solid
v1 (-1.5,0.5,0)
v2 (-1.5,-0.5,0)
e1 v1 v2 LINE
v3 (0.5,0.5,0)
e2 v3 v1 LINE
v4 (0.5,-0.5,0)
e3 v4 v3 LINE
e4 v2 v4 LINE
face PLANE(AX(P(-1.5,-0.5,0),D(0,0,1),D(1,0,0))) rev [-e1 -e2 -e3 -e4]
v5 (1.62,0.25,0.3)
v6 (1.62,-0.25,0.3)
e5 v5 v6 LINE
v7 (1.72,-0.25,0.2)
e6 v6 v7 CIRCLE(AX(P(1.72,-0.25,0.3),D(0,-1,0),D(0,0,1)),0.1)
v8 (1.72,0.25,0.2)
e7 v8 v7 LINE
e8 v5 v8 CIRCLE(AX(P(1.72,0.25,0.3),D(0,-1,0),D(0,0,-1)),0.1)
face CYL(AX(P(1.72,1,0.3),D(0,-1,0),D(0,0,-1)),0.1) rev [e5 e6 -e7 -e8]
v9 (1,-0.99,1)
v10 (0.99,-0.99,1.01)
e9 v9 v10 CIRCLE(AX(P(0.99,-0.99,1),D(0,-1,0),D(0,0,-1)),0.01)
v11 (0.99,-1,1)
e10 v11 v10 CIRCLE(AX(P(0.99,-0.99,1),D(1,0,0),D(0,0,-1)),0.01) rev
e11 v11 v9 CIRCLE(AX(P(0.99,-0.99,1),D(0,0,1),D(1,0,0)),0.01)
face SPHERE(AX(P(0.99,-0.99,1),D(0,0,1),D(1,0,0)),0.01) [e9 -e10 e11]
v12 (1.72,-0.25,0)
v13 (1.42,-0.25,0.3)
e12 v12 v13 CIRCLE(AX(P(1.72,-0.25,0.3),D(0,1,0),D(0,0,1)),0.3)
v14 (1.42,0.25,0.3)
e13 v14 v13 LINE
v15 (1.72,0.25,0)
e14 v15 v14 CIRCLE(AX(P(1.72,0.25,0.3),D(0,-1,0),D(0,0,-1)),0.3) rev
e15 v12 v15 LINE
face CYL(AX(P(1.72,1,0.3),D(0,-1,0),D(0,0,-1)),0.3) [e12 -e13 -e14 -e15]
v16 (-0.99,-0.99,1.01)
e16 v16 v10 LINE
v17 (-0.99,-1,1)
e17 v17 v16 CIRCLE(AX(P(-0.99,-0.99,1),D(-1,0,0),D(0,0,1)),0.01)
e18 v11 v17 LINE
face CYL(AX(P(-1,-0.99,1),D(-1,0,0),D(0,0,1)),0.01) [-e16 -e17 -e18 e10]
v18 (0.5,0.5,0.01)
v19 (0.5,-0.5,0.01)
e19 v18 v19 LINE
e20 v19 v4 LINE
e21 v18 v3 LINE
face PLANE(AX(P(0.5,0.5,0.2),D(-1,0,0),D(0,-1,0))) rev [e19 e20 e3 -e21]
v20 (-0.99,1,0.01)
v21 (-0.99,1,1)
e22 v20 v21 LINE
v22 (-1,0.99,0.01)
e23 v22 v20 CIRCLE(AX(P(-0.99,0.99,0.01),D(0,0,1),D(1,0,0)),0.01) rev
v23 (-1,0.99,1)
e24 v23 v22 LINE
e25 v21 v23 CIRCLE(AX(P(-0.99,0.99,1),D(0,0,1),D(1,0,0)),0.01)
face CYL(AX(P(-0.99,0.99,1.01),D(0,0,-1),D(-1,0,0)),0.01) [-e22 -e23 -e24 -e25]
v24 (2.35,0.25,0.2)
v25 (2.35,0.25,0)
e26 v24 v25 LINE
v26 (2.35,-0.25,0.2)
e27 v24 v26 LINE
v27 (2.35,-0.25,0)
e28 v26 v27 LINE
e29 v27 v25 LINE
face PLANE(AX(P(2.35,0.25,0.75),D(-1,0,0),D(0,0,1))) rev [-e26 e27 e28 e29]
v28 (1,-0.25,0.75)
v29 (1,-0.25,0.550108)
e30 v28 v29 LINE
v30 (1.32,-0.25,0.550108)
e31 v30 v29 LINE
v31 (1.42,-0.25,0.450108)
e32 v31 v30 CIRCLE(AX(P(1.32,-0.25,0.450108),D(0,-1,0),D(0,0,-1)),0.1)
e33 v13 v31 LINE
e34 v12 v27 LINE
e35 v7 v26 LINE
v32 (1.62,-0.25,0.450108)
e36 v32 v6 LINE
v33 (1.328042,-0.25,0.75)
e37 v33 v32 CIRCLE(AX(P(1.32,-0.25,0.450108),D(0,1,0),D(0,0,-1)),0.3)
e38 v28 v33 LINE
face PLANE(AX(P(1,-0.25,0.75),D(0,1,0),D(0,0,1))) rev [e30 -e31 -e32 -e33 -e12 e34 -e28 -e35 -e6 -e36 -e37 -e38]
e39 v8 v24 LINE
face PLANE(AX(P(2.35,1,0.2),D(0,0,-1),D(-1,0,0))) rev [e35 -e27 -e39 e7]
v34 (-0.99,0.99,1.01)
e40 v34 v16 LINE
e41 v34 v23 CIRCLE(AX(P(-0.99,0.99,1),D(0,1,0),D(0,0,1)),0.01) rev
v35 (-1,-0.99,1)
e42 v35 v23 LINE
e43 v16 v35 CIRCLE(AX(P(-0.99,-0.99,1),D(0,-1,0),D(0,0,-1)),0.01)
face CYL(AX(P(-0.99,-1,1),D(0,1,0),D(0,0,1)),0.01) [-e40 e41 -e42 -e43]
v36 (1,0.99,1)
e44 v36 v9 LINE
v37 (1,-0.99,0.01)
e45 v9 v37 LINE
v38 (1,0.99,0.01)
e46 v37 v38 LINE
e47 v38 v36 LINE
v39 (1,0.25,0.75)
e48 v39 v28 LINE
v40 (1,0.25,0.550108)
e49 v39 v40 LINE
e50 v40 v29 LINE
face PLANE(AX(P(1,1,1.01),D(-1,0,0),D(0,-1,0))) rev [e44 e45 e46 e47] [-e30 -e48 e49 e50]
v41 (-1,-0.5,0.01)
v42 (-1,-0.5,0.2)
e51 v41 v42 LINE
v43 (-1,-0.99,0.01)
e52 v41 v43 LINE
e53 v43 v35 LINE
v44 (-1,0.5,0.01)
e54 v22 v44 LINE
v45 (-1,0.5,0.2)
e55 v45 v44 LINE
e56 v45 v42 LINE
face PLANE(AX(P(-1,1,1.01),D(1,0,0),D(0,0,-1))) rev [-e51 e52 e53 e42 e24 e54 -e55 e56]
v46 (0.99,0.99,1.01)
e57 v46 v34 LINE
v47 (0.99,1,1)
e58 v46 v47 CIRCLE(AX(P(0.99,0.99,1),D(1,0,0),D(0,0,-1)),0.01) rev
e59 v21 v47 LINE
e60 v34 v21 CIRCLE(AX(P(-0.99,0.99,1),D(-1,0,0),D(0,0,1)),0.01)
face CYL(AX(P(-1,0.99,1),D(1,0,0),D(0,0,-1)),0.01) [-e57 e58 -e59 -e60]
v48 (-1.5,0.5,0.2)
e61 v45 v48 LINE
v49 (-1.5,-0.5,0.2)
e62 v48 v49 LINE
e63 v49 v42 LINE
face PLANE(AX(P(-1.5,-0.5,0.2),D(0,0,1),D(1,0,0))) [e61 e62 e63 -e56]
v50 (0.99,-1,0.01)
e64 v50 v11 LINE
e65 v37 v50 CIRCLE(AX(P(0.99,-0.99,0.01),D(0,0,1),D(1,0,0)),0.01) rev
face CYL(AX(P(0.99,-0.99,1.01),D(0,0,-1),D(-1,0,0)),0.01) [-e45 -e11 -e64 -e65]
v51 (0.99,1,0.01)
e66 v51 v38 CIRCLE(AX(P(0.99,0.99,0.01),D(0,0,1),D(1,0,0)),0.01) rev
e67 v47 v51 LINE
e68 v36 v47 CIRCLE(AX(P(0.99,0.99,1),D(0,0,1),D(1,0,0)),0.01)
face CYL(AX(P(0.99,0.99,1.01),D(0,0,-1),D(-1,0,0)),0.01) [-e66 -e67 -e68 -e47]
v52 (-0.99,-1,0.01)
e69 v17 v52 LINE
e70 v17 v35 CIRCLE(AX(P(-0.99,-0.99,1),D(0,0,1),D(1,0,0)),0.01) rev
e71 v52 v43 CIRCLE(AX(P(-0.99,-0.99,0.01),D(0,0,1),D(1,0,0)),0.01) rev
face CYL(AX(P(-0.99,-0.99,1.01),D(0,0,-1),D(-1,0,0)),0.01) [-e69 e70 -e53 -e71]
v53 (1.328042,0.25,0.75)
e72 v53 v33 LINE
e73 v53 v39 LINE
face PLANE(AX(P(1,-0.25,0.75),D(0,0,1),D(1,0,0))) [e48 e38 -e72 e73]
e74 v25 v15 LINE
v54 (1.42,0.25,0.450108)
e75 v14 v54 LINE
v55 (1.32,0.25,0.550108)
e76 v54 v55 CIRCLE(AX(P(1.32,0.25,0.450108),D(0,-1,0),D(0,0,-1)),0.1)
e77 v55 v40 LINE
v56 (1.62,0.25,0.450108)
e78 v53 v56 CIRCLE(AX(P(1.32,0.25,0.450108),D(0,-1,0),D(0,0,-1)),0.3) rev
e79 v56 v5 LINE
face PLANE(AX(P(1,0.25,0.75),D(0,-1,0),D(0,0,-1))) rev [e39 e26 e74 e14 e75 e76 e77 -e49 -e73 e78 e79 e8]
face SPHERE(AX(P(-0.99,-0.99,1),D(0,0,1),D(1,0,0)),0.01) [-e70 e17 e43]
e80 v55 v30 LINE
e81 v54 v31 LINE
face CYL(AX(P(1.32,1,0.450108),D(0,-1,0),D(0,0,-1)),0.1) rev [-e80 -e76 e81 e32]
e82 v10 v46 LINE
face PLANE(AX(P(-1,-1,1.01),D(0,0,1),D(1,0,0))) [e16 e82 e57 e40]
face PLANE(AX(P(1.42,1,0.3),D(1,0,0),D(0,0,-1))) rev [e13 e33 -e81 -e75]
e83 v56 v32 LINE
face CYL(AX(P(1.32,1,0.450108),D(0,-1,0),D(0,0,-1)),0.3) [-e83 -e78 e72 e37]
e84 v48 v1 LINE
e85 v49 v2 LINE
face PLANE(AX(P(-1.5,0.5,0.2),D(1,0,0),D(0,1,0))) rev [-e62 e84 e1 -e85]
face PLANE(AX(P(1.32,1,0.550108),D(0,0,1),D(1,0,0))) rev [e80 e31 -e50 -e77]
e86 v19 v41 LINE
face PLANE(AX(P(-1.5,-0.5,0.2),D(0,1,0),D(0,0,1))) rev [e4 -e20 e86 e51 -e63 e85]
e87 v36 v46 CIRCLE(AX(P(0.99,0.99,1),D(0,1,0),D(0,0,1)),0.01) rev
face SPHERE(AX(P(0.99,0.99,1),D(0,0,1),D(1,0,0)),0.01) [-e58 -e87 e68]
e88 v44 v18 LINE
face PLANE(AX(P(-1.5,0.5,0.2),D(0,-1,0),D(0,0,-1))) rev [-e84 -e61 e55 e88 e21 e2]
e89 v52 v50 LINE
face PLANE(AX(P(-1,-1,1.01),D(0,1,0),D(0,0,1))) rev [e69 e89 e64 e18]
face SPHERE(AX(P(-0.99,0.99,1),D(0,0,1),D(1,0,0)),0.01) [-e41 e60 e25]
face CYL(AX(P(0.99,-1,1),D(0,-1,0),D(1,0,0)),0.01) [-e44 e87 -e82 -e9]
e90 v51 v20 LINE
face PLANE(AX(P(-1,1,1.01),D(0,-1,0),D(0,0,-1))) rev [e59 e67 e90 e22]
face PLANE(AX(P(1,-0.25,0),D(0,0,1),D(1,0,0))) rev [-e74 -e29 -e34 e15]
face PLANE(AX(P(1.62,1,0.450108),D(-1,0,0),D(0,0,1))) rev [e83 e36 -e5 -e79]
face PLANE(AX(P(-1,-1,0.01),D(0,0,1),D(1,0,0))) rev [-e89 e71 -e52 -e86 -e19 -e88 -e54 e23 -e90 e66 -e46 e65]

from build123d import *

# Parameters (mm, degrees)
SKETCH1_W      = 2
SKETCH1_H      = 2
EXTRUDE1_DEPTH = 1
SKETCH2_W      = 2
SKETCH2_H      = 1
EXTRUDE2_DEPTH = 0.2
SKETCH3_W      = 1.35
SKETCH3_H      = 0.5
EXTRUDE3_DEPTH = 0.75
EXTRUDE4_DEPTH = 2.25
FILLET1_R      = 0.01


with BuildPart() as part:
    # Sketch1 → Extrude1 (new body)
    with BuildSketch(Plane.XY.offset(0.01)):
        Rectangle(SKETCH1_W, SKETCH1_H)
    extrude(amount=EXTRUDE1_DEPTH)

    # Sketch2 → Extrude2 (add)
    with BuildSketch(Plane.XY):
        with Locations((-0.5, 0)):
            Rectangle(SKETCH2_W, SKETCH2_H)
    extrude(amount=EXTRUDE2_DEPTH)

    # Sketch3 → Extrude3 (add)
    with BuildSketch(Plane.XY):
        with Locations((1.675, 0)):
            Rectangle(SKETCH3_W, SKETCH3_H)
    extrude(amount=EXTRUDE3_DEPTH)

    # Sketch4 → Extrude4 (cut, through all)
    with BuildSketch(Plane.XZ.offset(0.25)):
        with BuildLine():
            Line((2.35, 0.2), (2.35, 0.75))
            Line((2.35, 0.75), (1.32, 0.750107803))
            ThreePointArc((1.32, 0.750107803), (1.532132034, 0.662239837), (1.62, 0.450107803))
            Line((1.62, 0.450107803), (1.62, 0.3))
            ThreePointArc((1.62, 0.3), (1.649289322, 0.229289322), (1.72, 0.2))
            Line((1.72, 0.2), (2.35, 0.2))
        make_face()
        with BuildLine():
            Line((1.32, 0.550107803), (1, 0.550107803))
            Line((1, 0.550107803), (1, 0))
            Line((1, 0), (1.72, 0))
            ThreePointArc((1.72, 0), (1.507867966, 0.087867966), (1.42, 0.3))
            Line((1.42, 0.3), (1.42, 0.450107803))
            ThreePointArc((1.42, 0.450107803), (1.390710678, 0.520818481), (1.32, 0.550107803))
        make_face()
    extrude(amount=-EXTRUDE4_DEPTH, mode=Mode.SUBTRACT)

    # Fillet1
    fillet1_edges = [part.edges().sort_by_distance(p)[0] for p in [
        (1, 0, 1.01),
        (0, 1, 1.01),
        (-1, 0, 1.01),
        (0, -1, 1.01),
        (-1, 1, 0.51),
        (1, 1, 0.51),
        (1, -1, 0.51),
        (-1, -1, 0.51),
    ]]
    fillet(fillet1_edges, radius=FILLET1_R)


solid = part.part
